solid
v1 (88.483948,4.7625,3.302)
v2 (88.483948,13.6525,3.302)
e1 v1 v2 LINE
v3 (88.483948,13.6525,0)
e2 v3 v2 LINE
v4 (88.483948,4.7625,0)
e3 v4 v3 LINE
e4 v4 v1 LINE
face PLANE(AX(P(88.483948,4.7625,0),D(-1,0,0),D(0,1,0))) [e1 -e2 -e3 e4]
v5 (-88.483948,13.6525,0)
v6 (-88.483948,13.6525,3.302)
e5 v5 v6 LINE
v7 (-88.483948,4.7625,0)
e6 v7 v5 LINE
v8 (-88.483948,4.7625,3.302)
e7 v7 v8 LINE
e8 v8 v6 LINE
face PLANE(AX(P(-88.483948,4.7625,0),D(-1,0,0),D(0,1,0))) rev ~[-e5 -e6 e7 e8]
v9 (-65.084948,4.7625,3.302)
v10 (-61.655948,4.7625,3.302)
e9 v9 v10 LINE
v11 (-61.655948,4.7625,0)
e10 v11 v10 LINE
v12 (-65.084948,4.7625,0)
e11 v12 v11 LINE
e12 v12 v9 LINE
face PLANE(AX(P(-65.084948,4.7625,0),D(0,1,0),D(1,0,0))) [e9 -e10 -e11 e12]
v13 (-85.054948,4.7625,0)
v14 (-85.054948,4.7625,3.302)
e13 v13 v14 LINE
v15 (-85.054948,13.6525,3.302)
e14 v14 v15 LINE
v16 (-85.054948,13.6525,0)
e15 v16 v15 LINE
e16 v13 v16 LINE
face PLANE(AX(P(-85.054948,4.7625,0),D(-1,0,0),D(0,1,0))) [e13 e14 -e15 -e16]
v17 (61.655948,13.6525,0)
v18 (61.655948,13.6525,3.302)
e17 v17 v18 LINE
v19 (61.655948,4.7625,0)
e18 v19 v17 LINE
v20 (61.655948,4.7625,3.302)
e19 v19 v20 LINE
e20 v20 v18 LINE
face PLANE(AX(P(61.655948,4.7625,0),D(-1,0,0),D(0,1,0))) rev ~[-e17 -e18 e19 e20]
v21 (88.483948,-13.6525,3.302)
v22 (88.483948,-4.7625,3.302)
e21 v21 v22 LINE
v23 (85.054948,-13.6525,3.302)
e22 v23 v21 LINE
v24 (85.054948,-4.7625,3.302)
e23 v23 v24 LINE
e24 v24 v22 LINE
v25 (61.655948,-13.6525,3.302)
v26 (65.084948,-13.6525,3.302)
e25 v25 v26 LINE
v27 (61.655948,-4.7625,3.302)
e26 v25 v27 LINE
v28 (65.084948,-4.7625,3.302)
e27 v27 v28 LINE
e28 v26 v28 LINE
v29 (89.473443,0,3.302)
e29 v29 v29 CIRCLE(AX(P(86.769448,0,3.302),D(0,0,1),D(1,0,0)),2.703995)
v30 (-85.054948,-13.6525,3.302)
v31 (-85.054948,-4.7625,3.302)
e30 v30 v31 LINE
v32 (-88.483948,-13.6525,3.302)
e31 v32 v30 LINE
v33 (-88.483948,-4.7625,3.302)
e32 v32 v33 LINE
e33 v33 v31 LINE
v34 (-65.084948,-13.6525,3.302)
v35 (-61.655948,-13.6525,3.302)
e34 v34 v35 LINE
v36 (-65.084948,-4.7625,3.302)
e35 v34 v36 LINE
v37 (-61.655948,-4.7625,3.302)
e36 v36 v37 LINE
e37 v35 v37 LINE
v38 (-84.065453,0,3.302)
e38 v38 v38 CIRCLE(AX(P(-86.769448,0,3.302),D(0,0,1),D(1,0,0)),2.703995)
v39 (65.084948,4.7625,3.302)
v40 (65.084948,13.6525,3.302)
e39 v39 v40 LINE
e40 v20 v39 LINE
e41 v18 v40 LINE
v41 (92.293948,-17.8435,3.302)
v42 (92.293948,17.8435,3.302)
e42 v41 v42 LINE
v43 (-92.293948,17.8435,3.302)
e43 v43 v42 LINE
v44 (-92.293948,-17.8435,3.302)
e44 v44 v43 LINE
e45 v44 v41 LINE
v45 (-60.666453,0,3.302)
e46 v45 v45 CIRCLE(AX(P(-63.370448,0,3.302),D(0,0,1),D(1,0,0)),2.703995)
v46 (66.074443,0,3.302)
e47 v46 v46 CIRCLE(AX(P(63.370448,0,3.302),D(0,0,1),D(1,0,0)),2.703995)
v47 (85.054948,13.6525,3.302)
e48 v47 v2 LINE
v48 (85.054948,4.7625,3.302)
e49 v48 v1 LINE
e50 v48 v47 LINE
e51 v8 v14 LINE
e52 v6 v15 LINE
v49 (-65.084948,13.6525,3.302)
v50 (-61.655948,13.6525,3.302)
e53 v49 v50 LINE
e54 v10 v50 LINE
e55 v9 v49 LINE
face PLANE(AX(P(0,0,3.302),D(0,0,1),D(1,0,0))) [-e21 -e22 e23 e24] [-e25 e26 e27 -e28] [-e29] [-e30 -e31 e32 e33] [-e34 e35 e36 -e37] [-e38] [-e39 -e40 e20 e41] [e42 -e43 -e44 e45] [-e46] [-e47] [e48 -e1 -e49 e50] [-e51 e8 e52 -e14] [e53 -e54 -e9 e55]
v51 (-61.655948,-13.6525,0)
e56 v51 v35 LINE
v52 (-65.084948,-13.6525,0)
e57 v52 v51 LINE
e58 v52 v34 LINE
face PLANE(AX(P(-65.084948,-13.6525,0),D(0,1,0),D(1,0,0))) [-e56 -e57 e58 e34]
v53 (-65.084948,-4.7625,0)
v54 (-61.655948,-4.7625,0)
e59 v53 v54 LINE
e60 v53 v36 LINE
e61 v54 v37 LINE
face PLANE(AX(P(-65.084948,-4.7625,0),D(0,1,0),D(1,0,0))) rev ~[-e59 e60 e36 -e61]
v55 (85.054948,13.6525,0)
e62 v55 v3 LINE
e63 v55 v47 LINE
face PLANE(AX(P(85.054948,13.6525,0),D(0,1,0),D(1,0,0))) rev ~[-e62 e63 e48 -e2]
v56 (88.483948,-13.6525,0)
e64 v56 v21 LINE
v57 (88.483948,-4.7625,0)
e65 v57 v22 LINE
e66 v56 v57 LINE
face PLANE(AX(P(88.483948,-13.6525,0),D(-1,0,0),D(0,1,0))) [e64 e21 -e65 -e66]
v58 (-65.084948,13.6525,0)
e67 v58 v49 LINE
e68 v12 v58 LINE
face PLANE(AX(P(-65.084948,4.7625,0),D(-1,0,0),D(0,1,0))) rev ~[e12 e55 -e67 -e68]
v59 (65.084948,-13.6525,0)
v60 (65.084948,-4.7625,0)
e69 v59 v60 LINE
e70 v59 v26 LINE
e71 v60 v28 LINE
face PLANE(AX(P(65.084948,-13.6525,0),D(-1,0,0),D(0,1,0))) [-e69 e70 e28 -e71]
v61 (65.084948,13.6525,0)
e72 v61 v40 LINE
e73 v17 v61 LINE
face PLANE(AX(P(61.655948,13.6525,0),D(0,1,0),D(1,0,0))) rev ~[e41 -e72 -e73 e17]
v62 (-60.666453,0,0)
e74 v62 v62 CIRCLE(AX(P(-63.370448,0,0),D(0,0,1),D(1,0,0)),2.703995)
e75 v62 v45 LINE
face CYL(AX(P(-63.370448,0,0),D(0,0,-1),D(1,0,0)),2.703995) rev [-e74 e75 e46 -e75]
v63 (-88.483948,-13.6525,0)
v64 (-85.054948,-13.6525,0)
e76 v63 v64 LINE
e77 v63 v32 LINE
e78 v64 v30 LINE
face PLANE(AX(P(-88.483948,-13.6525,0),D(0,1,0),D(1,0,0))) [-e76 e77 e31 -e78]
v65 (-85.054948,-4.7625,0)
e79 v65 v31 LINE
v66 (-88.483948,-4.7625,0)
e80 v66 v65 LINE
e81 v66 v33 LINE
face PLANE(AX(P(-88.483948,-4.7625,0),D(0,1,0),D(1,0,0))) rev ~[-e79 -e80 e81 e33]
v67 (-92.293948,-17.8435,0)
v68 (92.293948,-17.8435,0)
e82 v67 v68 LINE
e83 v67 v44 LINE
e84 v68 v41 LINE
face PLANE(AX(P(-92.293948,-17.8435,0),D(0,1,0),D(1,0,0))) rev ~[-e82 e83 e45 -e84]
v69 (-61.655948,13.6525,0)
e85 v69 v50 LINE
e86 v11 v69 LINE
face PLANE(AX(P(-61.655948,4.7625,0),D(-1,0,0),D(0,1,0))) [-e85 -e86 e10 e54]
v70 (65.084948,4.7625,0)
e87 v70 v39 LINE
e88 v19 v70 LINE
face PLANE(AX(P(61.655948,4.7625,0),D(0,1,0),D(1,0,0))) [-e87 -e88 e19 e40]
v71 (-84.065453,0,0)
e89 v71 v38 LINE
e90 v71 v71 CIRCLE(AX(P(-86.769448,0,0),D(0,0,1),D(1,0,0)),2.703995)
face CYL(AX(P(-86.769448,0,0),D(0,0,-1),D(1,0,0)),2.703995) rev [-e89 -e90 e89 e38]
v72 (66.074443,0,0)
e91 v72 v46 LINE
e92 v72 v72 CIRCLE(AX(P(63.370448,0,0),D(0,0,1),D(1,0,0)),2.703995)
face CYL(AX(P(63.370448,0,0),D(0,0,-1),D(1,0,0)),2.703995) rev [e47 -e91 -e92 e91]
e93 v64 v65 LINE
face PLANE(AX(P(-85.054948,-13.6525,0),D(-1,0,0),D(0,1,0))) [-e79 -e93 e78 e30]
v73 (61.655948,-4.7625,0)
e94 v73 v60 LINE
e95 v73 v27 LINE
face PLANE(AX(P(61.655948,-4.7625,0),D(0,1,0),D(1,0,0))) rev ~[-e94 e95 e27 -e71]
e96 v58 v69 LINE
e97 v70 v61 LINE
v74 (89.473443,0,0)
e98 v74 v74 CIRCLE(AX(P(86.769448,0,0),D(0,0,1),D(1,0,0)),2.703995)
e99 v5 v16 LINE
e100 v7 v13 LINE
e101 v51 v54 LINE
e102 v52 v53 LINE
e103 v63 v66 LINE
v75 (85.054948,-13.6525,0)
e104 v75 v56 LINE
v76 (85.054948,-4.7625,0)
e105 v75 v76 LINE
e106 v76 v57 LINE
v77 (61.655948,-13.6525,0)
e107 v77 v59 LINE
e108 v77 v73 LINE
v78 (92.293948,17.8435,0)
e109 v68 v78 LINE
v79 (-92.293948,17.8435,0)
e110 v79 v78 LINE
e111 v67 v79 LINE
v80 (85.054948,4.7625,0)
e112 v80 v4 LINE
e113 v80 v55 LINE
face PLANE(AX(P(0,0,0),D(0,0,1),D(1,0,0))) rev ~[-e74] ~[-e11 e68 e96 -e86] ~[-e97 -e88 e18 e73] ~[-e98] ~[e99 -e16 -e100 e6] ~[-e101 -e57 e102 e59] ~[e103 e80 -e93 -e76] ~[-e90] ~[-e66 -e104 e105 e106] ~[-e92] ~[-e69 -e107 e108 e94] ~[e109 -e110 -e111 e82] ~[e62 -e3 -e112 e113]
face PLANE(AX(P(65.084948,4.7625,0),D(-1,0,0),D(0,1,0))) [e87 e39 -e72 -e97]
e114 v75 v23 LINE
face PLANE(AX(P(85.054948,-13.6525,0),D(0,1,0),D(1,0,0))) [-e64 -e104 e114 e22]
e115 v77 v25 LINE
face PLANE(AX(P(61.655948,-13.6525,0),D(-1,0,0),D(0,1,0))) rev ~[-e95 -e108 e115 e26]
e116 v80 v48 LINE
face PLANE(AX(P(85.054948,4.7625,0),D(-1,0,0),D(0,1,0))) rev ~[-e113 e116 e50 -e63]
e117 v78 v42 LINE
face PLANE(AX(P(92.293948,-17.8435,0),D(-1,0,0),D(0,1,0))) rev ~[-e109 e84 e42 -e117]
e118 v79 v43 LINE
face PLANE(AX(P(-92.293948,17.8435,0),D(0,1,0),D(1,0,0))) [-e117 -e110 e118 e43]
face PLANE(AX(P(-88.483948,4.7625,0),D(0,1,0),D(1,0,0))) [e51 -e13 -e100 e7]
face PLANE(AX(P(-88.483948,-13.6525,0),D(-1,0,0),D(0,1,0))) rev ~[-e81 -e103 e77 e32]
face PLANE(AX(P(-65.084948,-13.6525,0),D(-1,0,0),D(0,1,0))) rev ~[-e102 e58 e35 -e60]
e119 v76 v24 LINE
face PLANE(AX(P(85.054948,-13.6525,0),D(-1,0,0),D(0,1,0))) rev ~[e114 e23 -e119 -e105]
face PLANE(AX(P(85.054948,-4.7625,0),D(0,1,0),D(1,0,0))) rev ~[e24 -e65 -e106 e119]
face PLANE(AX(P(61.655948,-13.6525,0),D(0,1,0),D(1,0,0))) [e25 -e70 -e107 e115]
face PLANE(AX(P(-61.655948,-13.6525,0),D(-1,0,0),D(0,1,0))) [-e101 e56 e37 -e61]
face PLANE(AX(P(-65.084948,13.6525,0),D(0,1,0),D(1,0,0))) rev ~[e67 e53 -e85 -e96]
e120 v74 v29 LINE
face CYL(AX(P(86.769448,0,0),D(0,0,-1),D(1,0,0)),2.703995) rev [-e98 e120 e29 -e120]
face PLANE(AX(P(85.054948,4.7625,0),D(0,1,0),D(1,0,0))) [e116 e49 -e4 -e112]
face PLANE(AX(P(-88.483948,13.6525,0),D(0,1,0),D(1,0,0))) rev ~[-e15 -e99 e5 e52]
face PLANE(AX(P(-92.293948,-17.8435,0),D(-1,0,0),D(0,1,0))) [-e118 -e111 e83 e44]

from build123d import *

# Parameters (mm, degrees)
SKETCH1_W           = 184.587896
SKETCH1_H           = 35.687
SKETCH1_R           = 2.7039951
SKETCH1_W_2         = 3.429
SKETCH1_H_2         = 8.89
BOSS_EXTRUDE1_DEPTH = 3.302


with BuildPart() as part:
    # Sketch1 → Boss-Extrude1 (new body)
    with BuildSketch(Plane.XY):
        Rectangle(SKETCH1_W, SKETCH1_H)
        with Locations((-86.769448, 0)):
            Circle(SKETCH1_R, mode=Mode.SUBTRACT)
        with Locations((-63.370448, 0)):
            Circle(SKETCH1_R, mode=Mode.SUBTRACT)
        with Locations((63.370448, 0)):
            Circle(SKETCH1_R, mode=Mode.SUBTRACT)
        with Locations((86.769448, 0)):
            Circle(SKETCH1_R, mode=Mode.SUBTRACT)
        with Locations((-86.769448, 9.2075)):
            Rectangle(SKETCH1_W_2, SKETCH1_H_2, mode=Mode.SUBTRACT)
        with Locations((-86.769448, -9.2075)):
            Rectangle(SKETCH1_W_2, SKETCH1_H_2, mode=Mode.SUBTRACT)
        with Locations((-63.370448, 9.2075)):
            Rectangle(SKETCH1_W_2, SKETCH1_H_2, mode=Mode.SUBTRACT)
        with Locations((-63.370448, -9.2075)):
            Rectangle(SKETCH1_W_2, SKETCH1_H_2, mode=Mode.SUBTRACT)
        with Locations((63.370448, -9.2075)):
            Rectangle(SKETCH1_W_2, SKETCH1_H_2, mode=Mode.SUBTRACT)
        with Locations((63.370448, 9.2075)):
            Rectangle(SKETCH1_W_2, SKETCH1_H_2, mode=Mode.SUBTRACT)
        with Locations((86.769448, -9.2075)):
            Rectangle(SKETCH1_W_2, SKETCH1_H_2, mode=Mode.SUBTRACT)
        with Locations((86.769448, 9.2075)):
            Rectangle(SKETCH1_W_2, SKETCH1_H_2, mode=Mode.SUBTRACT)
    extrude(amount=BOSS_EXTRUDE1_DEPTH)


solid = part.part
